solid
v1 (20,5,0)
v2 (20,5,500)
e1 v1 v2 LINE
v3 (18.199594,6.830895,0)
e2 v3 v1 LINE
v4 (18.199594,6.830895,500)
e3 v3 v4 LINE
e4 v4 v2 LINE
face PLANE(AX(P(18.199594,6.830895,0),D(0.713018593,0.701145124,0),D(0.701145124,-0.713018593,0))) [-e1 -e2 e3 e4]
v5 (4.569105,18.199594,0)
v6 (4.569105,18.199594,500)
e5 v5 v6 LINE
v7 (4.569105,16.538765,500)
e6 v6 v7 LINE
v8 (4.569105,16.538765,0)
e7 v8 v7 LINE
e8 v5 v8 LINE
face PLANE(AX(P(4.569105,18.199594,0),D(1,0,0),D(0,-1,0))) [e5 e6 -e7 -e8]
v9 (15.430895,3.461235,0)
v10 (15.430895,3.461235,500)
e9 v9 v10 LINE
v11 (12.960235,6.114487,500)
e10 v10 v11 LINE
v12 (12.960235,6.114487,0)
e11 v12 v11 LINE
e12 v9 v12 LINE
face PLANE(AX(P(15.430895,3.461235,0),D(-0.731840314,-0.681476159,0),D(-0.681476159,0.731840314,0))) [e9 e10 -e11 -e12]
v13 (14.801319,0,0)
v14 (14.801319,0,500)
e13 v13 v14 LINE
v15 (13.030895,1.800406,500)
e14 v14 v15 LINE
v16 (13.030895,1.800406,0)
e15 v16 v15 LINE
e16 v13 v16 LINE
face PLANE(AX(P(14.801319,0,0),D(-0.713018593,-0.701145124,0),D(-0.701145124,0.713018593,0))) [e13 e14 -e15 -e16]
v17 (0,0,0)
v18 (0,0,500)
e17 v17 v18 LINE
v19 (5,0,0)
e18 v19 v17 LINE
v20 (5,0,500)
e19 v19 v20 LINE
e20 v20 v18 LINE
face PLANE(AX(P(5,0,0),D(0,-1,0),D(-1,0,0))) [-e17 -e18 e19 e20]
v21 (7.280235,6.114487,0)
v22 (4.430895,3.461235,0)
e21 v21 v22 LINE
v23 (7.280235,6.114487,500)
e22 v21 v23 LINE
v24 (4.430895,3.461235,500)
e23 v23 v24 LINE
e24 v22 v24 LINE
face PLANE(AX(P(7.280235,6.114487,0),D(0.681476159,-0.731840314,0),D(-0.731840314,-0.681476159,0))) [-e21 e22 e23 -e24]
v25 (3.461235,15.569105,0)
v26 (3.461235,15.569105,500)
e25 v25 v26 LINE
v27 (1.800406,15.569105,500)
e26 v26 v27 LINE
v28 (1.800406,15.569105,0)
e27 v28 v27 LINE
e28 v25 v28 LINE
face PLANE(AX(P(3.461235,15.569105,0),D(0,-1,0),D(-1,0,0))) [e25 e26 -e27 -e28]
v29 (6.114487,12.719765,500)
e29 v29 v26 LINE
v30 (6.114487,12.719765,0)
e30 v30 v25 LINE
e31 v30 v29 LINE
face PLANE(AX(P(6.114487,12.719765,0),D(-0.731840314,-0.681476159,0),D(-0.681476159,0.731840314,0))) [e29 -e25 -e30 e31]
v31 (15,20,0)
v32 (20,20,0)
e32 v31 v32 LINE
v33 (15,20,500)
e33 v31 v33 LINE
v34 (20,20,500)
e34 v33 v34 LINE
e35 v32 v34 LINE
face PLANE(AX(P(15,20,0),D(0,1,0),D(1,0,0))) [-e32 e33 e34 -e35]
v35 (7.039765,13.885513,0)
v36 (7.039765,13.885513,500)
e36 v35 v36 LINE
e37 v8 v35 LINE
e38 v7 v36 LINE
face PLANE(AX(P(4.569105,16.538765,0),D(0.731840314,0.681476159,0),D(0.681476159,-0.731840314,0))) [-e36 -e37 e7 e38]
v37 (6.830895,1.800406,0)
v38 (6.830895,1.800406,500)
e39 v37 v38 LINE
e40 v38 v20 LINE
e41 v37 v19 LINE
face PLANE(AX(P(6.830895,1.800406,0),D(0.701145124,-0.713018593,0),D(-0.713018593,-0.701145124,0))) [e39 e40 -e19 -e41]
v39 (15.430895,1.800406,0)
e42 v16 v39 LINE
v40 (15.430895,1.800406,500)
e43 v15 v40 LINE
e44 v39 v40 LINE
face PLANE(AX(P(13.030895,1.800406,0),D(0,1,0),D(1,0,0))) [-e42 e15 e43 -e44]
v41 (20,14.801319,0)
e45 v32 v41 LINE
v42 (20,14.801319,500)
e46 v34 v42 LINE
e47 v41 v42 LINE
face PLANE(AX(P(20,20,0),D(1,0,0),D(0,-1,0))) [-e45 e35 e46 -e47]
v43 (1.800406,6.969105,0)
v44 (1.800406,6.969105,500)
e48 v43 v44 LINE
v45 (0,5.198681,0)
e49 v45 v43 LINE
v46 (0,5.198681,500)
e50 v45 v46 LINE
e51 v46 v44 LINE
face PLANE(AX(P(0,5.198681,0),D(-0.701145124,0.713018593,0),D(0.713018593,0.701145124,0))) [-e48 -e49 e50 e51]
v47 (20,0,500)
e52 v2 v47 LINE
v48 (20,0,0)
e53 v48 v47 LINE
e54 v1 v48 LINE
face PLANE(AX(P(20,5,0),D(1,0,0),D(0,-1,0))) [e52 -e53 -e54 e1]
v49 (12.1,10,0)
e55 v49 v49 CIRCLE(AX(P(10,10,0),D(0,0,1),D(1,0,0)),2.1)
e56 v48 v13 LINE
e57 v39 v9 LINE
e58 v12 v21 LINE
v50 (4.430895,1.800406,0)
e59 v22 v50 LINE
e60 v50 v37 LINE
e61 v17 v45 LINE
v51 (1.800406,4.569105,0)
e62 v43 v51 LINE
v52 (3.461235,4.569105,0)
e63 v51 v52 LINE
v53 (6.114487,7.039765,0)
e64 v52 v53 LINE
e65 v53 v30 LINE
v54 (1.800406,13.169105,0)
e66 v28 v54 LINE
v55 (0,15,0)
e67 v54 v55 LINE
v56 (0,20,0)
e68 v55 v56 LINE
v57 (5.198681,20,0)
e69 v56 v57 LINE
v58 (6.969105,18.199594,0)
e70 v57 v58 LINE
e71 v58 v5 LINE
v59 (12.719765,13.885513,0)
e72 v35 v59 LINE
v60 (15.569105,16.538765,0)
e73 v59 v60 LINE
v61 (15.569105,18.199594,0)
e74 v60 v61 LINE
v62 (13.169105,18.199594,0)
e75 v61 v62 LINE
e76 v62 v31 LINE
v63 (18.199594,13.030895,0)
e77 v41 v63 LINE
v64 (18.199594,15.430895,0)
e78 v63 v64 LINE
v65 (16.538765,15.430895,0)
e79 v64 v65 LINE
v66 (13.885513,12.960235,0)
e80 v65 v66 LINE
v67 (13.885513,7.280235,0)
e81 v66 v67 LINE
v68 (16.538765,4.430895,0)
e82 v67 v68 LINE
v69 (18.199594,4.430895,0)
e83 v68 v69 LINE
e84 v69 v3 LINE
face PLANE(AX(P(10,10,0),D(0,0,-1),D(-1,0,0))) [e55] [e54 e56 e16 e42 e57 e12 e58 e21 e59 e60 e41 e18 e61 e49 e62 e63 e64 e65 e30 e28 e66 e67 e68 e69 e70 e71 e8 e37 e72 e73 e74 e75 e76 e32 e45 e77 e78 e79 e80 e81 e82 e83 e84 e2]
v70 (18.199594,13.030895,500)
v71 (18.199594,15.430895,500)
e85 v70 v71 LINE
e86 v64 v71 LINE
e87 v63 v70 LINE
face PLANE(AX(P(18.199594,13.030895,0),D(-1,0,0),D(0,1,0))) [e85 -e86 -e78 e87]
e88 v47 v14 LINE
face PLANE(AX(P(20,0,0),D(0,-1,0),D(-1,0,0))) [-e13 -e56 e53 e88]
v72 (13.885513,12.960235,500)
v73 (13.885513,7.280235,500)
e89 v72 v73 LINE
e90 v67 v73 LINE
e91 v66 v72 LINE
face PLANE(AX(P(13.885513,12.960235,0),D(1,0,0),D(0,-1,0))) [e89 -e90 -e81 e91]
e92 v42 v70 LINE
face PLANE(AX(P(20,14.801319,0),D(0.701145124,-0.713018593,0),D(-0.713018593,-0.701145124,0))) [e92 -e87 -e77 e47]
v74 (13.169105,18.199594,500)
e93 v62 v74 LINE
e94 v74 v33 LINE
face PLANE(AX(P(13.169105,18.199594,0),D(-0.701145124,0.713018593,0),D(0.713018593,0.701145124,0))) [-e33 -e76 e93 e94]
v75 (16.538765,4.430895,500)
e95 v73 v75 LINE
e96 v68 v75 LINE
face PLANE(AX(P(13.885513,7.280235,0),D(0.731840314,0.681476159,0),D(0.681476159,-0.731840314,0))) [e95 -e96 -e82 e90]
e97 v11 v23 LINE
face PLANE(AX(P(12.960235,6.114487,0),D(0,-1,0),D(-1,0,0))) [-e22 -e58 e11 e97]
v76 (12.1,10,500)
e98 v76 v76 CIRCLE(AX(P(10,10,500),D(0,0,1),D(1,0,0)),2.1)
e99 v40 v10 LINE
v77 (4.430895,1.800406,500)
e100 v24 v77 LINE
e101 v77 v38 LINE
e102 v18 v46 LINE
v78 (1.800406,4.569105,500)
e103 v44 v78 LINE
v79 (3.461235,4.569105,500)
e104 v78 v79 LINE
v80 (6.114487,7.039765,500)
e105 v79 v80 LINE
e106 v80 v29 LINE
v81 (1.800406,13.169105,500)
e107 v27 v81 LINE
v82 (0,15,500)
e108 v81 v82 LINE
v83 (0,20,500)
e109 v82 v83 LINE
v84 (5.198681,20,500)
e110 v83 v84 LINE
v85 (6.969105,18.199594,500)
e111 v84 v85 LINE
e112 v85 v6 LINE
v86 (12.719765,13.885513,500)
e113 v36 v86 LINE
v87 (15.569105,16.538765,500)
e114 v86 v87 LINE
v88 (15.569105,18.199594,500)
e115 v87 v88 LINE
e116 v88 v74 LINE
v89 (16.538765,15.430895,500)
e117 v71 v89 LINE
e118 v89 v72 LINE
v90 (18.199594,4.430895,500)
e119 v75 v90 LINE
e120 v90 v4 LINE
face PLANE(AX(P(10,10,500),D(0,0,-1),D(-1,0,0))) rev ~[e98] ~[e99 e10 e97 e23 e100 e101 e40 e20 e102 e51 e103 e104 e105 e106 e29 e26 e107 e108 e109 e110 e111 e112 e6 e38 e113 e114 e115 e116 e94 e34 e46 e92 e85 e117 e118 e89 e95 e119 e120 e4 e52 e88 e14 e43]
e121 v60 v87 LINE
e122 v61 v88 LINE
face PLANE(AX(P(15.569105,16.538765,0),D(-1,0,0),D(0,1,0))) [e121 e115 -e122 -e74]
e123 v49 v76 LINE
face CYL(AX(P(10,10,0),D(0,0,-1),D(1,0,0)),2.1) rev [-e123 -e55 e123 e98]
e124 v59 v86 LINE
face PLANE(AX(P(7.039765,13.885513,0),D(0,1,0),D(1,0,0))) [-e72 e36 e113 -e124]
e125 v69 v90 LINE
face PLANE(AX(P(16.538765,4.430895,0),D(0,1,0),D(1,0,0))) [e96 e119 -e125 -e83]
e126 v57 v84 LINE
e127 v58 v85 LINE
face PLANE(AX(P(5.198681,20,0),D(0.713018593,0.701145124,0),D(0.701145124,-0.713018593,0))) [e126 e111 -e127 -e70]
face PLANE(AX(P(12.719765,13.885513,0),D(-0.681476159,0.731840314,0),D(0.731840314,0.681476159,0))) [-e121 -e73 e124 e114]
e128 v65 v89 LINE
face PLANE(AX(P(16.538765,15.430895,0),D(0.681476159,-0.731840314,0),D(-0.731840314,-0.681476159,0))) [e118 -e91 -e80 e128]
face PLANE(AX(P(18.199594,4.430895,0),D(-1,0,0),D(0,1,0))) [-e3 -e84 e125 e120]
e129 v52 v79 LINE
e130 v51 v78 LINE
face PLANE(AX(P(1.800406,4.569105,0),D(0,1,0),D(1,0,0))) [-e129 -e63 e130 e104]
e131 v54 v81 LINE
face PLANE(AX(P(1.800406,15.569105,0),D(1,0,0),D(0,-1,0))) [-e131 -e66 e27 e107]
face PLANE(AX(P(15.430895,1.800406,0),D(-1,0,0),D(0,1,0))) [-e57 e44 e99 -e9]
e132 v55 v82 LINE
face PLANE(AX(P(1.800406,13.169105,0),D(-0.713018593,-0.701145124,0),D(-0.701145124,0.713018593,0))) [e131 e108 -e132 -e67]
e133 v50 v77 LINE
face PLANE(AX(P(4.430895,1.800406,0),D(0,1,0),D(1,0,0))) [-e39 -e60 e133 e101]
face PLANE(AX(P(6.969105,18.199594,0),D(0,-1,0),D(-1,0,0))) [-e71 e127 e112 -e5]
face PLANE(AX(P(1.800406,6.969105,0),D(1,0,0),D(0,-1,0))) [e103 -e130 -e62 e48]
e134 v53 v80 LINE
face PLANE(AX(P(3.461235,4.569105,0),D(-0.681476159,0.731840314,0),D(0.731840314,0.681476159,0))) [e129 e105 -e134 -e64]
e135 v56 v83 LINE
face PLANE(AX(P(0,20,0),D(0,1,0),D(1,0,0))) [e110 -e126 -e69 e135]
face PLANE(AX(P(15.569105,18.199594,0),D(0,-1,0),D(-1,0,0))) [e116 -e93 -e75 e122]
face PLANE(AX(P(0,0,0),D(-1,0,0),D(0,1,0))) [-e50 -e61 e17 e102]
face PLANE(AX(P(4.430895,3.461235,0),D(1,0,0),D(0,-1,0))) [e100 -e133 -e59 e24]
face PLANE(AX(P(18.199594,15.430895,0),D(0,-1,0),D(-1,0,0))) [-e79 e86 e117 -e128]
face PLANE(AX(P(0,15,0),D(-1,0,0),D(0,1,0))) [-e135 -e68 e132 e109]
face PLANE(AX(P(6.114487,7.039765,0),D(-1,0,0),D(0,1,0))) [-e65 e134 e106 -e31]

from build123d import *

# Parameters (mm, degrees)
SZKIC1_R                    = 2.1
DODANIE_WYCI_GNI_CIE1_DEPTH = 500


with BuildPart() as part:
    # Szkic1 → Dodanie-wyciągnięcie1 (new body)
    with BuildSketch(Plane.XY):
        Polygon((7.039765266, 13.885512537), (12.719765266, 13.885512537), (15.569105371, 16.538765319), (15.569105371, 18.199594156), (13.169105371, 18.199594156), (15, 20), (20, 20), (20, 14.801319399), (18.199594156, 13.030894629), (18.199594156, 15.430894629), (16.538765319, 15.430894629), (13.885512537, 12.960234734), (13.885512537, 7.280234734), (16.538765319, 4.430894629), (18.199594156, 4.430894629), (18.199594156, 6.830894629), (20, 5), (20, 0), (14.801319399, 0), (13.030894629, 1.800405844), (15.430894629, 1.800405844), (15.430894629, 3.461234681), (12.960234734, 6.114487463), (7.280234734, 6.114487463), (4.430894629, 3.461234681), (4.430894629, 1.800405844), (6.830894629, 1.800405844), (5, 0), (0, 0), (0, 5.198680601), (1.800405844, 6.969105371), (1.800405844, 4.569105371), (3.461234681, 4.569105371), (6.114487463, 7.039765266), (6.114487463, 12.719765266), (3.461234681, 15.569105371), (1.800405844, 15.569105371), (1.800405844, 13.169105371), (0, 15), (0, 20), (5.198680601, 20), (6.969105371, 18.199594156), (4.569105371, 18.199594156), (4.569105371, 16.538765319), align=None)
        with Locations((10, 10)):
            Circle(SZKIC1_R, mode=Mode.SUBTRACT)
    extrude(amount=DODANIE_WYCI_GNI_CIE1_DEPTH)


solid = part.part
